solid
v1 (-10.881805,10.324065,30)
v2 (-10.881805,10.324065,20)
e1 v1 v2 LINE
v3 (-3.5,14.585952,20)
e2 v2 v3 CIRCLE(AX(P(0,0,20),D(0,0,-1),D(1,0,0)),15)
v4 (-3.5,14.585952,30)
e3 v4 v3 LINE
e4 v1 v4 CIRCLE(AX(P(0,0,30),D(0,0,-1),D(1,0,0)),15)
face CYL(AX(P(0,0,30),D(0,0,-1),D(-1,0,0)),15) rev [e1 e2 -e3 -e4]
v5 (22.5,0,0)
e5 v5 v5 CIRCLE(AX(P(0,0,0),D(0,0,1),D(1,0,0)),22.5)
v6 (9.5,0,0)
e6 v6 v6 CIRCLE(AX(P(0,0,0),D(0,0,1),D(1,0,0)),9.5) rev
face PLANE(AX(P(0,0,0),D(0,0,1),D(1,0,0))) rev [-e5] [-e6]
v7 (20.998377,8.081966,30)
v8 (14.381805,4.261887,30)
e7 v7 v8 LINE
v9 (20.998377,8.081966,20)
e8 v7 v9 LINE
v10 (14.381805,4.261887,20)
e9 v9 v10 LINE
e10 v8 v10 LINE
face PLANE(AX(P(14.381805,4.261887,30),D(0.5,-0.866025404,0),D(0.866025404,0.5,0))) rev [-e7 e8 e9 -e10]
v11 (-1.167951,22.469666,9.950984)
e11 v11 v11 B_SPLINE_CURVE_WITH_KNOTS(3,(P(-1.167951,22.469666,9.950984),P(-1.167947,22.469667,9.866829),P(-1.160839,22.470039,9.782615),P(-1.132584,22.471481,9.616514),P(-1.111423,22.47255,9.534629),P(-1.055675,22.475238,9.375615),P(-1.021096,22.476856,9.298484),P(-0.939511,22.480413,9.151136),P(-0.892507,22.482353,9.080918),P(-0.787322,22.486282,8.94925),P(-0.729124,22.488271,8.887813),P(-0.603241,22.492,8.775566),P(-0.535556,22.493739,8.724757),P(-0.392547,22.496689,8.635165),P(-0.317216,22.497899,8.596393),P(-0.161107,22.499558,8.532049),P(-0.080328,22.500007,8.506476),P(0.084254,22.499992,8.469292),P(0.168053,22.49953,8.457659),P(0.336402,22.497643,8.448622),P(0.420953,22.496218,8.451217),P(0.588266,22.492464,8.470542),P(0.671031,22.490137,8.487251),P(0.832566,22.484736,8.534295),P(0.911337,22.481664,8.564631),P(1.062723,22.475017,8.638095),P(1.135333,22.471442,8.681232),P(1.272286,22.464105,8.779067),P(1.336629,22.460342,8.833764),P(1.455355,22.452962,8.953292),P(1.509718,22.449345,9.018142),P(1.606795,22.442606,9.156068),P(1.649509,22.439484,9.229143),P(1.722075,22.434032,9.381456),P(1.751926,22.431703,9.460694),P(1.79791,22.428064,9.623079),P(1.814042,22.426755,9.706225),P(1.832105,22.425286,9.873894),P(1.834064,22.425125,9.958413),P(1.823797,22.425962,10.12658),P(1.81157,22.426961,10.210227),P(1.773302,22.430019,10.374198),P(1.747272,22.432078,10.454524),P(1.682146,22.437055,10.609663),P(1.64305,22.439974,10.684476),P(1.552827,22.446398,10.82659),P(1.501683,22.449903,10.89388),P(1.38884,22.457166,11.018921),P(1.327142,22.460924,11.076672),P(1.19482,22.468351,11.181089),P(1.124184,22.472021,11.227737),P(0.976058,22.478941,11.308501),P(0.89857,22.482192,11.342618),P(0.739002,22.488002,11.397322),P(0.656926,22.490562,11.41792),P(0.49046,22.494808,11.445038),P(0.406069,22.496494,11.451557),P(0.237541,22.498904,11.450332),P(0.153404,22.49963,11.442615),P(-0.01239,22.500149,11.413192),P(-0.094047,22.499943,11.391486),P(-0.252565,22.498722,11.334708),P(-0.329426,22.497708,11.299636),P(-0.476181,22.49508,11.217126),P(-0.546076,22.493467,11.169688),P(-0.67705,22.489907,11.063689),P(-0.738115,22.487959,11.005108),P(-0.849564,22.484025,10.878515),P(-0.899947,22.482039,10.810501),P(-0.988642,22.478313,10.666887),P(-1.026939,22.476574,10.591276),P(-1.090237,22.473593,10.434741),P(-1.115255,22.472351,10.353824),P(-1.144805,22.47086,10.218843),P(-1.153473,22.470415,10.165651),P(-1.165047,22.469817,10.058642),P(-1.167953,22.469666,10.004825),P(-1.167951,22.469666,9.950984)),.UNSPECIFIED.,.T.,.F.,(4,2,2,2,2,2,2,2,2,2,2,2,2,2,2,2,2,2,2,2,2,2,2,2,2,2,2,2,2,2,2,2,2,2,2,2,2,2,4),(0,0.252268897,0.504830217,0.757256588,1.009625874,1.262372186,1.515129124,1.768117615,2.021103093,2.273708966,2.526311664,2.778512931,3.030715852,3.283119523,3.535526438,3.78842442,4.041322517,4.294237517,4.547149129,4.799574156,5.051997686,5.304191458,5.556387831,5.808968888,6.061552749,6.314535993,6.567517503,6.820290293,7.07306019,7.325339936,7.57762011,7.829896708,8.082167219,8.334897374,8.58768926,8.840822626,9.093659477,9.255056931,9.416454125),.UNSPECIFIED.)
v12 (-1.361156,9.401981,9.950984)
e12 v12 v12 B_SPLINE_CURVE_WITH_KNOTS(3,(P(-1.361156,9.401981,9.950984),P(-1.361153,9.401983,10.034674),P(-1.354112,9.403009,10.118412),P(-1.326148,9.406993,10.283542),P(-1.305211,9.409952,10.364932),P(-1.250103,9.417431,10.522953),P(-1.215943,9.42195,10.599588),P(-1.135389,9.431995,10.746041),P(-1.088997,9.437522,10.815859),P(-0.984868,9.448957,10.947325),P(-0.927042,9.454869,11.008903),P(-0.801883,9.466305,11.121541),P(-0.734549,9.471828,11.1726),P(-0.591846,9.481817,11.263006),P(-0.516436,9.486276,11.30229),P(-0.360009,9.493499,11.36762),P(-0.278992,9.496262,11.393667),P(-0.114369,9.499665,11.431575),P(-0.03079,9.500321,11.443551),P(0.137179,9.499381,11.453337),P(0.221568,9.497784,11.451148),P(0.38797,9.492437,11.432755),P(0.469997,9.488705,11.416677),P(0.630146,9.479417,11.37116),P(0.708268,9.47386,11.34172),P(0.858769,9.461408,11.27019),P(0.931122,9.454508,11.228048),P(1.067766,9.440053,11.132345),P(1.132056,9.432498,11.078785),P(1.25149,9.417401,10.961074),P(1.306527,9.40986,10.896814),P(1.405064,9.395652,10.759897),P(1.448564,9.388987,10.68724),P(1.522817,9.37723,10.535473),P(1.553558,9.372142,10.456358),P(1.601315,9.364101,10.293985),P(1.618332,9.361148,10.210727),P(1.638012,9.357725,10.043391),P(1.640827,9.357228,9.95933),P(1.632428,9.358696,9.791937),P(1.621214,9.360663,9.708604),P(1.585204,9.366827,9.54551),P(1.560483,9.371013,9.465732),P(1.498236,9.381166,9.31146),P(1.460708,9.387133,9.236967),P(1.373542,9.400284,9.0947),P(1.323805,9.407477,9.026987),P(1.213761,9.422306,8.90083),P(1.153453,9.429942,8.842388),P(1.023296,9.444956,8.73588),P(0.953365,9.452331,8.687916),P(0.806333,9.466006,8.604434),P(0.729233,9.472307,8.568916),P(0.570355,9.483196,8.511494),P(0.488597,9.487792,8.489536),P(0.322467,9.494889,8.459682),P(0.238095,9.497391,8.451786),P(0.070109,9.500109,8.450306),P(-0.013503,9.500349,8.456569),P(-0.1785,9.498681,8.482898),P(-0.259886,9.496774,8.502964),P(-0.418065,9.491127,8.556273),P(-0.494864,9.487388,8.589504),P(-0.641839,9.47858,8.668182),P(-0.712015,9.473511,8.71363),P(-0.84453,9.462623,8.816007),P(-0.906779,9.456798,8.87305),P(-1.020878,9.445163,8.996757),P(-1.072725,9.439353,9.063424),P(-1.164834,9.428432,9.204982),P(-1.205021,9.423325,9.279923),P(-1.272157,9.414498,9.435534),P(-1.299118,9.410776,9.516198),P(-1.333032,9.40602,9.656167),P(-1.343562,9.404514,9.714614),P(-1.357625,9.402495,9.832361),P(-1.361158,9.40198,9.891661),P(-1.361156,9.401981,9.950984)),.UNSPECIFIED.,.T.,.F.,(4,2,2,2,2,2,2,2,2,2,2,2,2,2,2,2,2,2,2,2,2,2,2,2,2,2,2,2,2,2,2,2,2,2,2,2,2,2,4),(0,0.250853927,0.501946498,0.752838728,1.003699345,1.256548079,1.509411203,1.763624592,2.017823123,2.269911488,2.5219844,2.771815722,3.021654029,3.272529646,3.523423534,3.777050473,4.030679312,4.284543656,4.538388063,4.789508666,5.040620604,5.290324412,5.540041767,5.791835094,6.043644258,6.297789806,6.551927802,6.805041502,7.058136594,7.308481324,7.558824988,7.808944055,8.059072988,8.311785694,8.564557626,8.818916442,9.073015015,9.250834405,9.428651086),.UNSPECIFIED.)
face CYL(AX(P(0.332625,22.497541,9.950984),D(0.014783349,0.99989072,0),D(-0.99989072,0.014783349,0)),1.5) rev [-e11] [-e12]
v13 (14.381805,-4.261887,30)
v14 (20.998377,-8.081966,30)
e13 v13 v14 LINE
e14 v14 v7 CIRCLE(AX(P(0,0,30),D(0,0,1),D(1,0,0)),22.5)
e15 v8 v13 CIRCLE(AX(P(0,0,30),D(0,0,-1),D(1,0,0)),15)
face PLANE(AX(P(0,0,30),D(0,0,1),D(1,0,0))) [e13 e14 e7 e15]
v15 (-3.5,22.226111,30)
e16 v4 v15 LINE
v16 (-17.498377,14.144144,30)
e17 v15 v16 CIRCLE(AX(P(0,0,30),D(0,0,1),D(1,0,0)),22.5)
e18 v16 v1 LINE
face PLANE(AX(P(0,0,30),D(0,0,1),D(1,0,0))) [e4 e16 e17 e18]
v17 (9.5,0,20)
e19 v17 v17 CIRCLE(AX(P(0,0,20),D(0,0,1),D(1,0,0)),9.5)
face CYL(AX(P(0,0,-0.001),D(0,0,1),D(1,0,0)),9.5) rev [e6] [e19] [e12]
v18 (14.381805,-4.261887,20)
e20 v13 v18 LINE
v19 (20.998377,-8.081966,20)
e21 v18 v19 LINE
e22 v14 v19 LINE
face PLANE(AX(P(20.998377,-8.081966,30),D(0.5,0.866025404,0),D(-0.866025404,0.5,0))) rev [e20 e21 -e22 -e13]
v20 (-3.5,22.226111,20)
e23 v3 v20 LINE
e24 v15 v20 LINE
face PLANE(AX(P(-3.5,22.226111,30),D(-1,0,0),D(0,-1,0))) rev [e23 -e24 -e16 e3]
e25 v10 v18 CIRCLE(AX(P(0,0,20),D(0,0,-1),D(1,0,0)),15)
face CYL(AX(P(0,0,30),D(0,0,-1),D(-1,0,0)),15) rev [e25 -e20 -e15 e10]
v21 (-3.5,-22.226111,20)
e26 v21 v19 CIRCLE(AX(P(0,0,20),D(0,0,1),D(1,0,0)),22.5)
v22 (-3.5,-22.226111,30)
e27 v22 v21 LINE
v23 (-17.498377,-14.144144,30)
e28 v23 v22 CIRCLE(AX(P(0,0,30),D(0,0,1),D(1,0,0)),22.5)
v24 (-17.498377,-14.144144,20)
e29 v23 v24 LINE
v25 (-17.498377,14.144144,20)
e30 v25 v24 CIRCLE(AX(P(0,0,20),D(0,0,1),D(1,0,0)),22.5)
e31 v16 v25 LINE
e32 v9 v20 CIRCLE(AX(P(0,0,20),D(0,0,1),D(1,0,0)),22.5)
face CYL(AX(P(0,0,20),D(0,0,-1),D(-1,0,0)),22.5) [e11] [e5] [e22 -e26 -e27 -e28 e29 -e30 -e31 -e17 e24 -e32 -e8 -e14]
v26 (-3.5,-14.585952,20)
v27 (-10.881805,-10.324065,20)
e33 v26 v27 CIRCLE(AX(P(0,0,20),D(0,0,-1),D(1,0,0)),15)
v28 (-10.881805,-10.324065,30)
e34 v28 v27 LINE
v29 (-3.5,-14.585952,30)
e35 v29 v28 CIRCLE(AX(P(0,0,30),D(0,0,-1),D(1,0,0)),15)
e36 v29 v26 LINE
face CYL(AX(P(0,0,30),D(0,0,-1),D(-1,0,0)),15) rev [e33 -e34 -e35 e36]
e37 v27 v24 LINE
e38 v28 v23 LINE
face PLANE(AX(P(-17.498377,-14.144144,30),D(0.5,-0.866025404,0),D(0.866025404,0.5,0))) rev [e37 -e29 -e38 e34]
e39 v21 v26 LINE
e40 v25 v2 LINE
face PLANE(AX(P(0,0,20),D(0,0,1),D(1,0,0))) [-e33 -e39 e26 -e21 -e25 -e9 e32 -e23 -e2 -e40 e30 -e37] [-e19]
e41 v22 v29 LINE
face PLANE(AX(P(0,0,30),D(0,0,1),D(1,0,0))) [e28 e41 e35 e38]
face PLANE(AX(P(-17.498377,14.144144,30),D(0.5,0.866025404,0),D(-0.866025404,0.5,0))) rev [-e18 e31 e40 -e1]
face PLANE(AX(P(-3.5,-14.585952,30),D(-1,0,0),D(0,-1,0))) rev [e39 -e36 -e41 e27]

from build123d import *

# Parameters (mm, degrees)
SKETCH1_R                 = 22.5
BOSS_EXTRUDE1_DEPTH       = 20
CUT_EXTRUDE1_REACH        = 22
SKETCH3_R                 = 9.5
F_3_0MM_DOWEL_HOLE1_D     = 3
F_3_0MM_DOWEL_HOLE1_DEPTH = 22
F_3_0MM_DOWEL_HOLE1_TIP   = 0.901291
BOSS_EXTRUDE3_DEPTH       = 10


with BuildPart() as part:
    # Sketch1 → Boss-Extrude1 (new body)
    with BuildSketch(Plane.XY):
        Circle(SKETCH1_R)
    extrude(amount=BOSS_EXTRUDE1_DEPTH)

    # Sketch3 → Cut-Extrude1 (cut, up to next)
    with BuildSketch(Plane.XY.offset(20), mode=Mode.PRIVATE) as cut_extrude1_sk1:
        Circle(SKETCH3_R)
    cut_extrude1_tool1 = extrude(cut_extrude1_sk1.sketch, amount=-CUT_EXTRUDE1_REACH, mode=Mode.PRIVATE) & part.part
    add(cut_extrude1_tool1.solids().sort_by_distance((0, 0, 20))[0], mode=Mode.SUBTRACT)

    # Ø3.0mm Dowel Hole1
    with Locations(Plane(origin=(0.332625, 22.497541, 9.950984), x_dir=(0.999891, -0.014783, 0), z_dir=(0.014783, 0.999891, 0))):
        with Locations((0, 0)):
            Hole(F_3_0MM_DOWEL_HOLE1_D / 2, depth=F_3_0MM_DOWEL_HOLE1_DEPTH)
            with Locations((0, 0, -(F_3_0MM_DOWEL_HOLE1_DEPTH + F_3_0MM_DOWEL_HOLE1_TIP / 2))):  # 118° drill point
                Cone(0, F_3_0MM_DOWEL_HOLE1_D / 2, F_3_0MM_DOWEL_HOLE1_TIP, mode=Mode.SUBTRACT)

    # Sketch6 → Boss-Extrude3 (add)
    with BuildSketch(Plane.XY.offset(20)):
        with BuildLine():
            Line((-17.498377, 14.144144), (-10.881805, 10.324065))
            ThreePointArc((-10.881805, 10.324065), (-7.5, 12.990381), (-3.5, 14.585952))
            Line((-3.5, 14.585952), (-3.5, 22.226111))
            ThreePointArc((-3.5, 22.226111), (-11.25, 19.485572), (-17.498377, 14.144144))
        make_face()
        with BuildLine():
            Line((14.381805, 4.261887), (20.998377, 8.081966))
            ThreePointArc((20.998377, 8.081966), (22.5, 0), (20.998377, -8.081966))
            Line((20.998377, -8.081966), (14.381805, -4.261887))
            ThreePointArc((14.381805, -4.261887), (15, 0), (14.381805, 4.261887))
        make_face()
        with BuildLine():
            Line((-3.5, -14.585952), (-3.5, -22.226111))
            ThreePointArc((-3.5, -22.226111), (-11.25, -19.485572), (-17.498377, -14.144144))
            Line((-17.498377, -14.144144), (-10.881805, -10.324065))
            ThreePointArc((-10.881805, -10.324065), (-7.5, -12.990381), (-3.5, -14.585952))
        make_face()
    extrude(amount=BOSS_EXTRUDE3_DEPTH)


solid = part.part
